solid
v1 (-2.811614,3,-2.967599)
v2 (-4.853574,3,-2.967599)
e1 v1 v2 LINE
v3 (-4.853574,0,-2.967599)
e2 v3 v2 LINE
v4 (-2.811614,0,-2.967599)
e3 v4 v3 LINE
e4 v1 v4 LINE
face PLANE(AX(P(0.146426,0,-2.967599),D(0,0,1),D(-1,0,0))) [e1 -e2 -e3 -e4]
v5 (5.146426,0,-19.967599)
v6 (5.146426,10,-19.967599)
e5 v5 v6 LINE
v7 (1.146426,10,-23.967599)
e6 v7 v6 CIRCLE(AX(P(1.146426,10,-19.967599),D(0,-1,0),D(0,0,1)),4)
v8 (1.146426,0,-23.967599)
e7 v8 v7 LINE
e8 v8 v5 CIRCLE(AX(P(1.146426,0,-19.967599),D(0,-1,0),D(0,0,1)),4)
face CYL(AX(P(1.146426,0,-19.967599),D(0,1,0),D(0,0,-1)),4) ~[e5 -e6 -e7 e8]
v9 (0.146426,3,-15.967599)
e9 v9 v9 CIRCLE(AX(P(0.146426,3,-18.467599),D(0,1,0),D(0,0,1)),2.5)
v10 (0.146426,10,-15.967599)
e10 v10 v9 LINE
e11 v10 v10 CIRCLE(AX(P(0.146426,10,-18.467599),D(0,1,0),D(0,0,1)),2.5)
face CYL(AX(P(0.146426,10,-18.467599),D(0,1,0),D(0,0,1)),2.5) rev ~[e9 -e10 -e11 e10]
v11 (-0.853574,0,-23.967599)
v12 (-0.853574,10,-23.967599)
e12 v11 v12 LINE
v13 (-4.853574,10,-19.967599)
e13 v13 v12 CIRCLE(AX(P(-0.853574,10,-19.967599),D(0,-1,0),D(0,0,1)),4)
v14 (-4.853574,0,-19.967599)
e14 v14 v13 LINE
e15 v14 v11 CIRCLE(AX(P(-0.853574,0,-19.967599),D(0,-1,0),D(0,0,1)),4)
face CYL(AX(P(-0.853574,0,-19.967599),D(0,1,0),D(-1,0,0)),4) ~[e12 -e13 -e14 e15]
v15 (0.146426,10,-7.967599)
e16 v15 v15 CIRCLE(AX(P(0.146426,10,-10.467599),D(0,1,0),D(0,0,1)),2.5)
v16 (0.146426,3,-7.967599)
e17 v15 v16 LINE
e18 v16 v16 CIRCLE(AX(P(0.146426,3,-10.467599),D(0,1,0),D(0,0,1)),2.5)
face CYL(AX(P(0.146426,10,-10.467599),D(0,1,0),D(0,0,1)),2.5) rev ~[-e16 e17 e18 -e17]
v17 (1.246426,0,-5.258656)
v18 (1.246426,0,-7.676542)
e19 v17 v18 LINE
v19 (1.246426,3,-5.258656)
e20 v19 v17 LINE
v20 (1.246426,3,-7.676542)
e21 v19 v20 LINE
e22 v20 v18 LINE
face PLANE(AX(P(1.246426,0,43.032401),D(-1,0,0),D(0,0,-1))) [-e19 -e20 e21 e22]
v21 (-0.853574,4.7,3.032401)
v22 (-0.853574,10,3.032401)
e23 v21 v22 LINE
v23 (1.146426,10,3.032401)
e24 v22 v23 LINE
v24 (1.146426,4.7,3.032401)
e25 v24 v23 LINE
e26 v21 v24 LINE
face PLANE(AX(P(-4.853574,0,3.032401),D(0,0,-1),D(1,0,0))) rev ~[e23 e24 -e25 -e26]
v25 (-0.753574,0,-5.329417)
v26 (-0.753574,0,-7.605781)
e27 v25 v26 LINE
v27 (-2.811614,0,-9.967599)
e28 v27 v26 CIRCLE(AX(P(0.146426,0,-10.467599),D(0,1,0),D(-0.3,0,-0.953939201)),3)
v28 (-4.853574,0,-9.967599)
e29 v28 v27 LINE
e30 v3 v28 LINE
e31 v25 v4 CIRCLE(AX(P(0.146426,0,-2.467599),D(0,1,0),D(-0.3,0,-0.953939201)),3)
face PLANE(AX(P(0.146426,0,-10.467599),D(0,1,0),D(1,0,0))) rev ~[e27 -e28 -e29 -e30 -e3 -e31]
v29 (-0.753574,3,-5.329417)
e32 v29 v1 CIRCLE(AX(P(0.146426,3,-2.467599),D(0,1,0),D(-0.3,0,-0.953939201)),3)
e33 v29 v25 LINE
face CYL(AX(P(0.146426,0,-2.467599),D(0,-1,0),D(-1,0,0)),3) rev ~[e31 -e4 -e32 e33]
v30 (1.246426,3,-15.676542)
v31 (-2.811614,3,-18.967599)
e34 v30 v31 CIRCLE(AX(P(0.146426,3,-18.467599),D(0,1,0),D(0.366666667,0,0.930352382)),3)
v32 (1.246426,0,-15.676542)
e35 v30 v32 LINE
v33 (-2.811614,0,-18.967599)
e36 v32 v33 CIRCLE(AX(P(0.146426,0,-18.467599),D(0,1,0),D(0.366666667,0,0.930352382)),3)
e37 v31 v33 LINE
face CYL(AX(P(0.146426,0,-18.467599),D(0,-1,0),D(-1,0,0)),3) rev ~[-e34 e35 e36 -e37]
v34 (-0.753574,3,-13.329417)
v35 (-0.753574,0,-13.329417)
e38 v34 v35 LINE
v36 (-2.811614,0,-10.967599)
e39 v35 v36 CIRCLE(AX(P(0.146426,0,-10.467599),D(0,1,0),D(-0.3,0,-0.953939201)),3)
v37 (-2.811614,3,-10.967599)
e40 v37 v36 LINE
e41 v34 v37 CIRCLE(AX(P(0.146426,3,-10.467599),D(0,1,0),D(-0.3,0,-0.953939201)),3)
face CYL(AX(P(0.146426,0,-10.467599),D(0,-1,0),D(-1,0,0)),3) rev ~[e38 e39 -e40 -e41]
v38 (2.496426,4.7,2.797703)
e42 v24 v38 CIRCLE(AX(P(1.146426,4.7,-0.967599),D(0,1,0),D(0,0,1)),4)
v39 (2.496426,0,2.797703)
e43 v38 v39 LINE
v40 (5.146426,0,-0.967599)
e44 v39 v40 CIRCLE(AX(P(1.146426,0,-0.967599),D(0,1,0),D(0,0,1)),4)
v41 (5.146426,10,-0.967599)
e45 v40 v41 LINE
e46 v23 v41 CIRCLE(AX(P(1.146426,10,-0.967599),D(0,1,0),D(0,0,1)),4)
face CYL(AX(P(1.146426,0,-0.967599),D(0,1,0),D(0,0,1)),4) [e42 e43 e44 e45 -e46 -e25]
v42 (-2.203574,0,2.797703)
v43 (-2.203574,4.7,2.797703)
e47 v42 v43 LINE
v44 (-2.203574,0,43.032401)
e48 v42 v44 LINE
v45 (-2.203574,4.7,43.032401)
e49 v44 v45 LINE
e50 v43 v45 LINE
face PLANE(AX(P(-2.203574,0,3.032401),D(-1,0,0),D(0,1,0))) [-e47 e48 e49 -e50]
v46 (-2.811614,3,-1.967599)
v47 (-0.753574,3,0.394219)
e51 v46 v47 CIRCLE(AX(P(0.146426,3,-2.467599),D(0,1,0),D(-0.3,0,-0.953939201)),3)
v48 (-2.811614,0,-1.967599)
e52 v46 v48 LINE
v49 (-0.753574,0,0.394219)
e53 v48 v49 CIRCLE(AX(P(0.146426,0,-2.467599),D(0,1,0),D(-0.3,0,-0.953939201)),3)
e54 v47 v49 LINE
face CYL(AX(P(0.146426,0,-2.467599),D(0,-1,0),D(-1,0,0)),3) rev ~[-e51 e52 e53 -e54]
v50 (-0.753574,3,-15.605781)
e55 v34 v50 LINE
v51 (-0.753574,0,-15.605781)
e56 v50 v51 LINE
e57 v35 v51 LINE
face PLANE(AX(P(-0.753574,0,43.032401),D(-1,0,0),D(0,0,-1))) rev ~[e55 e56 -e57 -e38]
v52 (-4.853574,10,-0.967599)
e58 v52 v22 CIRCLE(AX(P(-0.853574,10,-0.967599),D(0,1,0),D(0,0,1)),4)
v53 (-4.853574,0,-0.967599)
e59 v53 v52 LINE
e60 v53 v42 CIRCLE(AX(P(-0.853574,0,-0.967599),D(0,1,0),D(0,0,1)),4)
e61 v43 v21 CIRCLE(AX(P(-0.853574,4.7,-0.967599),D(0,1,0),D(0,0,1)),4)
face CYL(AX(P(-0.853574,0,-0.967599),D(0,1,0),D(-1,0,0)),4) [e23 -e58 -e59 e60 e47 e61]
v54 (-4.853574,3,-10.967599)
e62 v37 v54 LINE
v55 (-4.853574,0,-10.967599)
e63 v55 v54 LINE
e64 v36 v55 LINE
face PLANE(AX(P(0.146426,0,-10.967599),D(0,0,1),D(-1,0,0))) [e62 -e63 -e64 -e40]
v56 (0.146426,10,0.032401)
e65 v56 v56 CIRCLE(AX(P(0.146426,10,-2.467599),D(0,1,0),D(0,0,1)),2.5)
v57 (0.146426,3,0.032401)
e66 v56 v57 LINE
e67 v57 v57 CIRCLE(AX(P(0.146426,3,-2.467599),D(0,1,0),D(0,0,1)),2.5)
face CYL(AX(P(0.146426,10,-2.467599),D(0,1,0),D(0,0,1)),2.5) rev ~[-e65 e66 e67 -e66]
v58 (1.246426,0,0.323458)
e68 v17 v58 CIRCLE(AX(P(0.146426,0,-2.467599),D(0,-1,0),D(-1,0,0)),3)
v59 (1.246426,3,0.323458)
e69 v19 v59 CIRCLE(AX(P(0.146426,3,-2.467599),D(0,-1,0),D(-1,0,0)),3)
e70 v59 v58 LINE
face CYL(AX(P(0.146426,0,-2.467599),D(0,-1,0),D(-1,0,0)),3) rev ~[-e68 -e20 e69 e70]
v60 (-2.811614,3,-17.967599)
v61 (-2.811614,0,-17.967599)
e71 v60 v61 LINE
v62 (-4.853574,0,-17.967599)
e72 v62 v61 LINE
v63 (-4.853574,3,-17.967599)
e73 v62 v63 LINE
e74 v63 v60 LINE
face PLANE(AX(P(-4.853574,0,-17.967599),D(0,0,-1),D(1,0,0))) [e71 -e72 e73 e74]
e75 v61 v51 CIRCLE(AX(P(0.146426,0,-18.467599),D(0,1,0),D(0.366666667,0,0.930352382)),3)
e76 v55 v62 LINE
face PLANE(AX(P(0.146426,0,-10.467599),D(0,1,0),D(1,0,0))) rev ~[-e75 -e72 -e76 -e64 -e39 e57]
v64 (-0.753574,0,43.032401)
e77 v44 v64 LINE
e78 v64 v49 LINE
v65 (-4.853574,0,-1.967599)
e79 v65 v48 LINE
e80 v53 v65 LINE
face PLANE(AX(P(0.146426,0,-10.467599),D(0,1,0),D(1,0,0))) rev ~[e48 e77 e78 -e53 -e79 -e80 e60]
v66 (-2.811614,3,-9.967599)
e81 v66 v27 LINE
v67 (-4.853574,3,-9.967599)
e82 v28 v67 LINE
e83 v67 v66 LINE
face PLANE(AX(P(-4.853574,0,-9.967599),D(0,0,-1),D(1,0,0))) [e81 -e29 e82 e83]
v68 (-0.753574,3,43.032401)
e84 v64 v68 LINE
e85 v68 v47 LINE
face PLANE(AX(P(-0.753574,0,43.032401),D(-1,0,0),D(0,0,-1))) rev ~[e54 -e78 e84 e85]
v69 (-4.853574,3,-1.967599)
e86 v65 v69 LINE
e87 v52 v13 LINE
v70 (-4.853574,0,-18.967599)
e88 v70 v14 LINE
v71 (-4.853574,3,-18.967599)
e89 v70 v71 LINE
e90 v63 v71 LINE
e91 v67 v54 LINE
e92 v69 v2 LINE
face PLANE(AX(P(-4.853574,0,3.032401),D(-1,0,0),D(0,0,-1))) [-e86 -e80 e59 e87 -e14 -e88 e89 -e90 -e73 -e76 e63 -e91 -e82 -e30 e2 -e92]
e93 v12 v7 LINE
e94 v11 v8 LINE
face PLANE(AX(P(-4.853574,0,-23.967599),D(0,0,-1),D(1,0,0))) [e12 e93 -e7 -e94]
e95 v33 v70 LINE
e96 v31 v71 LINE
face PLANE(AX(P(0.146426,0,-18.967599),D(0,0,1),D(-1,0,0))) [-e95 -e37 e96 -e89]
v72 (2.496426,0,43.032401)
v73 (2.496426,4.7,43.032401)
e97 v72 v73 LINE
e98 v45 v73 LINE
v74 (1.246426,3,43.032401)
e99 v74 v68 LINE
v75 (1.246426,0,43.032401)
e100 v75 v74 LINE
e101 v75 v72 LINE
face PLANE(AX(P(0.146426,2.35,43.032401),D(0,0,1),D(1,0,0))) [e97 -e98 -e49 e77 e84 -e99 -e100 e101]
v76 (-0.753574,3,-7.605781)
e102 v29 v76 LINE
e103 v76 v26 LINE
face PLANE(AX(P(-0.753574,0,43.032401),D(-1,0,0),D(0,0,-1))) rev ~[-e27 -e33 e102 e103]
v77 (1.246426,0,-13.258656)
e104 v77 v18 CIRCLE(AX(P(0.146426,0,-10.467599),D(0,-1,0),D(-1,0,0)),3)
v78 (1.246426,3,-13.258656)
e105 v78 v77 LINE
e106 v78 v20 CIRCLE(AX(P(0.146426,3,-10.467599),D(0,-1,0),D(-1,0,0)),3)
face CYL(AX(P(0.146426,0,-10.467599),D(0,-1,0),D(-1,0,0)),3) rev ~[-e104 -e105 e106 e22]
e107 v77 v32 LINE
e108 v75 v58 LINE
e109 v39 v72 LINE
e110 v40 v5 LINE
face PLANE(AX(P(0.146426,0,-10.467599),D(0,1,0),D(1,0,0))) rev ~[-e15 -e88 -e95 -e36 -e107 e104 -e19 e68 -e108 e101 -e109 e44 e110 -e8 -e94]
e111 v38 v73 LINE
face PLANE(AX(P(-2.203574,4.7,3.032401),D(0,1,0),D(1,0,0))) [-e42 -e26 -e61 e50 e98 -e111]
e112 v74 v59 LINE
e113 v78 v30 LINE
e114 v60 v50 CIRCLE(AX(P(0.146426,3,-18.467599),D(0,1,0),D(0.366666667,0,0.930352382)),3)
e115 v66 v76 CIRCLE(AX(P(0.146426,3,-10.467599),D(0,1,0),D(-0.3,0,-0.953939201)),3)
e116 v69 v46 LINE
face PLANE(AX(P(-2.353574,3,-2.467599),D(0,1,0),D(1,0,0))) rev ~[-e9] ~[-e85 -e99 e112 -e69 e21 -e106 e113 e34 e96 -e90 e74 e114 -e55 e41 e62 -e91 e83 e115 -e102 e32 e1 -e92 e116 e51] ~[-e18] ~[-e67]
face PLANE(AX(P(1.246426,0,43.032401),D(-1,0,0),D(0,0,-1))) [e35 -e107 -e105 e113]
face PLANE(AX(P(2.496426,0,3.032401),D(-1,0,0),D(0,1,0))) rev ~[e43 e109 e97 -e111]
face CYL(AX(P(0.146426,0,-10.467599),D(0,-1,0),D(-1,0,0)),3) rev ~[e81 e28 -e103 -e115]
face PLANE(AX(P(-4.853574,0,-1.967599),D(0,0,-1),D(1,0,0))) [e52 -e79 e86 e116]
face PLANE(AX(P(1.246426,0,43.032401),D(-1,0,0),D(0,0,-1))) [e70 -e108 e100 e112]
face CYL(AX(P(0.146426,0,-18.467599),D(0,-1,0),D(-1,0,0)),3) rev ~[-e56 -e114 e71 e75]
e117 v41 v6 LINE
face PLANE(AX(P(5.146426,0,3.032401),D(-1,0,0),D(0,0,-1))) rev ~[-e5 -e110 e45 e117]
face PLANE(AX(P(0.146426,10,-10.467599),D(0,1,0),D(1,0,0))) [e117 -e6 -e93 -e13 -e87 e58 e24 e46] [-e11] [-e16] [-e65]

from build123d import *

# Parameters (mm, degrees)
SKETCH1_W           = 10
SKETCH1_H           = 27
BOSS_EXTRUDE1_DEPTH = 10
SKETCH2_R           = 2.5
CUT_EXTRUDE1_DEPTH  = 10
SKETCH3_W           = 4.7
SKETCH3_H           = 4.7
BOSS_EXTRUDE2_DEPTH = 40
SKETCH4_W           = 2
SKETCH4_H           = 62
CUT_EXTRUDE3_DEPTH  = 3
FILLET1_R           = 4
SKETCH5_R           = 3
CUT_EXTRUDE4_DEPTH  = 3
CUT_EXTRUDE5_DEPTH  = 3


with BuildPart() as part:
    # Sketch1 → Boss-Extrude1 (new body)
    with BuildSketch(Plane(origin=(0, 0, 0), x_dir=(1, 0, 0), z_dir=(0, 1, 0))):
        with Locations((0.146426278, 10.467599094)):
            Rectangle(SKETCH1_W, SKETCH1_H)
    extrude(amount=BOSS_EXTRUDE1_DEPTH)

    # Sketch2 → Cut-Extrude1 (cut)
    with BuildSketch(Plane(origin=(0, 10, 0), x_dir=(1, 0, 0), z_dir=(0, 1, 0))):
        with Locations(Location((0.146426278, 18.467599094, 0), (0, 0, 270))):
            Circle(SKETCH2_R)
        with Locations(Location((0.146426278, 10.467599094, 0), (0, 0, 270))):
            Circle(SKETCH2_R)
        with Locations(Location((0.146426278, 2.467599094, 0), (0, 0, 270))):
            Circle(SKETCH2_R)
    extrude(amount=-CUT_EXTRUDE1_DEPTH, mode=Mode.SUBTRACT)

    # Sketch3 → Boss-Extrude2 (add)
    with BuildSketch(Plane.XY.offset(3.032400906)):
        with Locations((0.146426278, 2.35)):
            Rectangle(SKETCH3_W, SKETCH3_H)
    extrude(amount=BOSS_EXTRUDE2_DEPTH)

    # Sketch4 → Cut-Extrude3 (cut)
    with BuildSketch(Plane(origin=(0, 0, 0), x_dir=(-1, 0, 0), z_dir=(0, -1, 0))):
        with Locations((-0.246426278, -12.032400906)):
            Rectangle(SKETCH4_W, SKETCH4_H)
    extrude(amount=-CUT_EXTRUDE3_DEPTH, mode=Mode.SUBTRACT)

    # Fillet1
    fillet1_edges = [part.edges().sort_by_distance(p)[0] for p in [
        (5.146426278, 5, 3.032400906),
        (-4.853573722, 5, 3.032400906),
        (-4.853573722, 5, -23.967599094),
        (5.146426278, 5, -23.967599094),
    ]]
    fillet(fillet1_edges, radius=FILLET1_R)

    # Sketch5 → Cut-Extrude4 (cut)
    with BuildSketch(Plane(origin=(0, 0, 0), x_dir=(-1, 0, 0), z_dir=(0, -1, 0))):
        with Locations((-0.146426278, 18.467599094)):
            Circle(SKETCH5_R)
        with Locations((-0.146426278, 10.467599094)):
            Circle(SKETCH5_R)
        with Locations((-0.146426278, 2.467599094)):
            Circle(SKETCH5_R)
    extrude(amount=-CUT_EXTRUDE4_DEPTH, mode=Mode.SUBTRACT)

    # Sketch6 → Cut-Extrude5 (cut)
    with BuildSketch(Plane(origin=(0, 0, 0), x_dir=(-1, 0, 0), z_dir=(0, -1, 0))):
        Polygon((-0.146426278, 18.467599094), (-0.146426278, 18.967599094), (4.853573722, 18.967599094), (4.853573722, 18.467599094), (4.853573722, 17.967599094), (-0.146426278, 17.967599094), align=None)
        Polygon((-0.146426278, 10.467599094), (-0.146426278, 10.967599094), (4.853573722, 10.967599094), (4.853573722, 10.467599094), (4.853573722, 9.967599094), (-0.146426278, 9.967599094), align=None)
        Polygon((-0.146426278, 2.467599094), (-0.146426278, 2.967599094), (4.853573722, 2.967599094), (4.853573722, 2.467599094), (4.853573722, 1.967599094), (-0.146426278, 1.967599094), align=None)
    extrude(amount=-CUT_EXTRUDE5_DEPTH, mode=Mode.SUBTRACT)


solid = part.part
